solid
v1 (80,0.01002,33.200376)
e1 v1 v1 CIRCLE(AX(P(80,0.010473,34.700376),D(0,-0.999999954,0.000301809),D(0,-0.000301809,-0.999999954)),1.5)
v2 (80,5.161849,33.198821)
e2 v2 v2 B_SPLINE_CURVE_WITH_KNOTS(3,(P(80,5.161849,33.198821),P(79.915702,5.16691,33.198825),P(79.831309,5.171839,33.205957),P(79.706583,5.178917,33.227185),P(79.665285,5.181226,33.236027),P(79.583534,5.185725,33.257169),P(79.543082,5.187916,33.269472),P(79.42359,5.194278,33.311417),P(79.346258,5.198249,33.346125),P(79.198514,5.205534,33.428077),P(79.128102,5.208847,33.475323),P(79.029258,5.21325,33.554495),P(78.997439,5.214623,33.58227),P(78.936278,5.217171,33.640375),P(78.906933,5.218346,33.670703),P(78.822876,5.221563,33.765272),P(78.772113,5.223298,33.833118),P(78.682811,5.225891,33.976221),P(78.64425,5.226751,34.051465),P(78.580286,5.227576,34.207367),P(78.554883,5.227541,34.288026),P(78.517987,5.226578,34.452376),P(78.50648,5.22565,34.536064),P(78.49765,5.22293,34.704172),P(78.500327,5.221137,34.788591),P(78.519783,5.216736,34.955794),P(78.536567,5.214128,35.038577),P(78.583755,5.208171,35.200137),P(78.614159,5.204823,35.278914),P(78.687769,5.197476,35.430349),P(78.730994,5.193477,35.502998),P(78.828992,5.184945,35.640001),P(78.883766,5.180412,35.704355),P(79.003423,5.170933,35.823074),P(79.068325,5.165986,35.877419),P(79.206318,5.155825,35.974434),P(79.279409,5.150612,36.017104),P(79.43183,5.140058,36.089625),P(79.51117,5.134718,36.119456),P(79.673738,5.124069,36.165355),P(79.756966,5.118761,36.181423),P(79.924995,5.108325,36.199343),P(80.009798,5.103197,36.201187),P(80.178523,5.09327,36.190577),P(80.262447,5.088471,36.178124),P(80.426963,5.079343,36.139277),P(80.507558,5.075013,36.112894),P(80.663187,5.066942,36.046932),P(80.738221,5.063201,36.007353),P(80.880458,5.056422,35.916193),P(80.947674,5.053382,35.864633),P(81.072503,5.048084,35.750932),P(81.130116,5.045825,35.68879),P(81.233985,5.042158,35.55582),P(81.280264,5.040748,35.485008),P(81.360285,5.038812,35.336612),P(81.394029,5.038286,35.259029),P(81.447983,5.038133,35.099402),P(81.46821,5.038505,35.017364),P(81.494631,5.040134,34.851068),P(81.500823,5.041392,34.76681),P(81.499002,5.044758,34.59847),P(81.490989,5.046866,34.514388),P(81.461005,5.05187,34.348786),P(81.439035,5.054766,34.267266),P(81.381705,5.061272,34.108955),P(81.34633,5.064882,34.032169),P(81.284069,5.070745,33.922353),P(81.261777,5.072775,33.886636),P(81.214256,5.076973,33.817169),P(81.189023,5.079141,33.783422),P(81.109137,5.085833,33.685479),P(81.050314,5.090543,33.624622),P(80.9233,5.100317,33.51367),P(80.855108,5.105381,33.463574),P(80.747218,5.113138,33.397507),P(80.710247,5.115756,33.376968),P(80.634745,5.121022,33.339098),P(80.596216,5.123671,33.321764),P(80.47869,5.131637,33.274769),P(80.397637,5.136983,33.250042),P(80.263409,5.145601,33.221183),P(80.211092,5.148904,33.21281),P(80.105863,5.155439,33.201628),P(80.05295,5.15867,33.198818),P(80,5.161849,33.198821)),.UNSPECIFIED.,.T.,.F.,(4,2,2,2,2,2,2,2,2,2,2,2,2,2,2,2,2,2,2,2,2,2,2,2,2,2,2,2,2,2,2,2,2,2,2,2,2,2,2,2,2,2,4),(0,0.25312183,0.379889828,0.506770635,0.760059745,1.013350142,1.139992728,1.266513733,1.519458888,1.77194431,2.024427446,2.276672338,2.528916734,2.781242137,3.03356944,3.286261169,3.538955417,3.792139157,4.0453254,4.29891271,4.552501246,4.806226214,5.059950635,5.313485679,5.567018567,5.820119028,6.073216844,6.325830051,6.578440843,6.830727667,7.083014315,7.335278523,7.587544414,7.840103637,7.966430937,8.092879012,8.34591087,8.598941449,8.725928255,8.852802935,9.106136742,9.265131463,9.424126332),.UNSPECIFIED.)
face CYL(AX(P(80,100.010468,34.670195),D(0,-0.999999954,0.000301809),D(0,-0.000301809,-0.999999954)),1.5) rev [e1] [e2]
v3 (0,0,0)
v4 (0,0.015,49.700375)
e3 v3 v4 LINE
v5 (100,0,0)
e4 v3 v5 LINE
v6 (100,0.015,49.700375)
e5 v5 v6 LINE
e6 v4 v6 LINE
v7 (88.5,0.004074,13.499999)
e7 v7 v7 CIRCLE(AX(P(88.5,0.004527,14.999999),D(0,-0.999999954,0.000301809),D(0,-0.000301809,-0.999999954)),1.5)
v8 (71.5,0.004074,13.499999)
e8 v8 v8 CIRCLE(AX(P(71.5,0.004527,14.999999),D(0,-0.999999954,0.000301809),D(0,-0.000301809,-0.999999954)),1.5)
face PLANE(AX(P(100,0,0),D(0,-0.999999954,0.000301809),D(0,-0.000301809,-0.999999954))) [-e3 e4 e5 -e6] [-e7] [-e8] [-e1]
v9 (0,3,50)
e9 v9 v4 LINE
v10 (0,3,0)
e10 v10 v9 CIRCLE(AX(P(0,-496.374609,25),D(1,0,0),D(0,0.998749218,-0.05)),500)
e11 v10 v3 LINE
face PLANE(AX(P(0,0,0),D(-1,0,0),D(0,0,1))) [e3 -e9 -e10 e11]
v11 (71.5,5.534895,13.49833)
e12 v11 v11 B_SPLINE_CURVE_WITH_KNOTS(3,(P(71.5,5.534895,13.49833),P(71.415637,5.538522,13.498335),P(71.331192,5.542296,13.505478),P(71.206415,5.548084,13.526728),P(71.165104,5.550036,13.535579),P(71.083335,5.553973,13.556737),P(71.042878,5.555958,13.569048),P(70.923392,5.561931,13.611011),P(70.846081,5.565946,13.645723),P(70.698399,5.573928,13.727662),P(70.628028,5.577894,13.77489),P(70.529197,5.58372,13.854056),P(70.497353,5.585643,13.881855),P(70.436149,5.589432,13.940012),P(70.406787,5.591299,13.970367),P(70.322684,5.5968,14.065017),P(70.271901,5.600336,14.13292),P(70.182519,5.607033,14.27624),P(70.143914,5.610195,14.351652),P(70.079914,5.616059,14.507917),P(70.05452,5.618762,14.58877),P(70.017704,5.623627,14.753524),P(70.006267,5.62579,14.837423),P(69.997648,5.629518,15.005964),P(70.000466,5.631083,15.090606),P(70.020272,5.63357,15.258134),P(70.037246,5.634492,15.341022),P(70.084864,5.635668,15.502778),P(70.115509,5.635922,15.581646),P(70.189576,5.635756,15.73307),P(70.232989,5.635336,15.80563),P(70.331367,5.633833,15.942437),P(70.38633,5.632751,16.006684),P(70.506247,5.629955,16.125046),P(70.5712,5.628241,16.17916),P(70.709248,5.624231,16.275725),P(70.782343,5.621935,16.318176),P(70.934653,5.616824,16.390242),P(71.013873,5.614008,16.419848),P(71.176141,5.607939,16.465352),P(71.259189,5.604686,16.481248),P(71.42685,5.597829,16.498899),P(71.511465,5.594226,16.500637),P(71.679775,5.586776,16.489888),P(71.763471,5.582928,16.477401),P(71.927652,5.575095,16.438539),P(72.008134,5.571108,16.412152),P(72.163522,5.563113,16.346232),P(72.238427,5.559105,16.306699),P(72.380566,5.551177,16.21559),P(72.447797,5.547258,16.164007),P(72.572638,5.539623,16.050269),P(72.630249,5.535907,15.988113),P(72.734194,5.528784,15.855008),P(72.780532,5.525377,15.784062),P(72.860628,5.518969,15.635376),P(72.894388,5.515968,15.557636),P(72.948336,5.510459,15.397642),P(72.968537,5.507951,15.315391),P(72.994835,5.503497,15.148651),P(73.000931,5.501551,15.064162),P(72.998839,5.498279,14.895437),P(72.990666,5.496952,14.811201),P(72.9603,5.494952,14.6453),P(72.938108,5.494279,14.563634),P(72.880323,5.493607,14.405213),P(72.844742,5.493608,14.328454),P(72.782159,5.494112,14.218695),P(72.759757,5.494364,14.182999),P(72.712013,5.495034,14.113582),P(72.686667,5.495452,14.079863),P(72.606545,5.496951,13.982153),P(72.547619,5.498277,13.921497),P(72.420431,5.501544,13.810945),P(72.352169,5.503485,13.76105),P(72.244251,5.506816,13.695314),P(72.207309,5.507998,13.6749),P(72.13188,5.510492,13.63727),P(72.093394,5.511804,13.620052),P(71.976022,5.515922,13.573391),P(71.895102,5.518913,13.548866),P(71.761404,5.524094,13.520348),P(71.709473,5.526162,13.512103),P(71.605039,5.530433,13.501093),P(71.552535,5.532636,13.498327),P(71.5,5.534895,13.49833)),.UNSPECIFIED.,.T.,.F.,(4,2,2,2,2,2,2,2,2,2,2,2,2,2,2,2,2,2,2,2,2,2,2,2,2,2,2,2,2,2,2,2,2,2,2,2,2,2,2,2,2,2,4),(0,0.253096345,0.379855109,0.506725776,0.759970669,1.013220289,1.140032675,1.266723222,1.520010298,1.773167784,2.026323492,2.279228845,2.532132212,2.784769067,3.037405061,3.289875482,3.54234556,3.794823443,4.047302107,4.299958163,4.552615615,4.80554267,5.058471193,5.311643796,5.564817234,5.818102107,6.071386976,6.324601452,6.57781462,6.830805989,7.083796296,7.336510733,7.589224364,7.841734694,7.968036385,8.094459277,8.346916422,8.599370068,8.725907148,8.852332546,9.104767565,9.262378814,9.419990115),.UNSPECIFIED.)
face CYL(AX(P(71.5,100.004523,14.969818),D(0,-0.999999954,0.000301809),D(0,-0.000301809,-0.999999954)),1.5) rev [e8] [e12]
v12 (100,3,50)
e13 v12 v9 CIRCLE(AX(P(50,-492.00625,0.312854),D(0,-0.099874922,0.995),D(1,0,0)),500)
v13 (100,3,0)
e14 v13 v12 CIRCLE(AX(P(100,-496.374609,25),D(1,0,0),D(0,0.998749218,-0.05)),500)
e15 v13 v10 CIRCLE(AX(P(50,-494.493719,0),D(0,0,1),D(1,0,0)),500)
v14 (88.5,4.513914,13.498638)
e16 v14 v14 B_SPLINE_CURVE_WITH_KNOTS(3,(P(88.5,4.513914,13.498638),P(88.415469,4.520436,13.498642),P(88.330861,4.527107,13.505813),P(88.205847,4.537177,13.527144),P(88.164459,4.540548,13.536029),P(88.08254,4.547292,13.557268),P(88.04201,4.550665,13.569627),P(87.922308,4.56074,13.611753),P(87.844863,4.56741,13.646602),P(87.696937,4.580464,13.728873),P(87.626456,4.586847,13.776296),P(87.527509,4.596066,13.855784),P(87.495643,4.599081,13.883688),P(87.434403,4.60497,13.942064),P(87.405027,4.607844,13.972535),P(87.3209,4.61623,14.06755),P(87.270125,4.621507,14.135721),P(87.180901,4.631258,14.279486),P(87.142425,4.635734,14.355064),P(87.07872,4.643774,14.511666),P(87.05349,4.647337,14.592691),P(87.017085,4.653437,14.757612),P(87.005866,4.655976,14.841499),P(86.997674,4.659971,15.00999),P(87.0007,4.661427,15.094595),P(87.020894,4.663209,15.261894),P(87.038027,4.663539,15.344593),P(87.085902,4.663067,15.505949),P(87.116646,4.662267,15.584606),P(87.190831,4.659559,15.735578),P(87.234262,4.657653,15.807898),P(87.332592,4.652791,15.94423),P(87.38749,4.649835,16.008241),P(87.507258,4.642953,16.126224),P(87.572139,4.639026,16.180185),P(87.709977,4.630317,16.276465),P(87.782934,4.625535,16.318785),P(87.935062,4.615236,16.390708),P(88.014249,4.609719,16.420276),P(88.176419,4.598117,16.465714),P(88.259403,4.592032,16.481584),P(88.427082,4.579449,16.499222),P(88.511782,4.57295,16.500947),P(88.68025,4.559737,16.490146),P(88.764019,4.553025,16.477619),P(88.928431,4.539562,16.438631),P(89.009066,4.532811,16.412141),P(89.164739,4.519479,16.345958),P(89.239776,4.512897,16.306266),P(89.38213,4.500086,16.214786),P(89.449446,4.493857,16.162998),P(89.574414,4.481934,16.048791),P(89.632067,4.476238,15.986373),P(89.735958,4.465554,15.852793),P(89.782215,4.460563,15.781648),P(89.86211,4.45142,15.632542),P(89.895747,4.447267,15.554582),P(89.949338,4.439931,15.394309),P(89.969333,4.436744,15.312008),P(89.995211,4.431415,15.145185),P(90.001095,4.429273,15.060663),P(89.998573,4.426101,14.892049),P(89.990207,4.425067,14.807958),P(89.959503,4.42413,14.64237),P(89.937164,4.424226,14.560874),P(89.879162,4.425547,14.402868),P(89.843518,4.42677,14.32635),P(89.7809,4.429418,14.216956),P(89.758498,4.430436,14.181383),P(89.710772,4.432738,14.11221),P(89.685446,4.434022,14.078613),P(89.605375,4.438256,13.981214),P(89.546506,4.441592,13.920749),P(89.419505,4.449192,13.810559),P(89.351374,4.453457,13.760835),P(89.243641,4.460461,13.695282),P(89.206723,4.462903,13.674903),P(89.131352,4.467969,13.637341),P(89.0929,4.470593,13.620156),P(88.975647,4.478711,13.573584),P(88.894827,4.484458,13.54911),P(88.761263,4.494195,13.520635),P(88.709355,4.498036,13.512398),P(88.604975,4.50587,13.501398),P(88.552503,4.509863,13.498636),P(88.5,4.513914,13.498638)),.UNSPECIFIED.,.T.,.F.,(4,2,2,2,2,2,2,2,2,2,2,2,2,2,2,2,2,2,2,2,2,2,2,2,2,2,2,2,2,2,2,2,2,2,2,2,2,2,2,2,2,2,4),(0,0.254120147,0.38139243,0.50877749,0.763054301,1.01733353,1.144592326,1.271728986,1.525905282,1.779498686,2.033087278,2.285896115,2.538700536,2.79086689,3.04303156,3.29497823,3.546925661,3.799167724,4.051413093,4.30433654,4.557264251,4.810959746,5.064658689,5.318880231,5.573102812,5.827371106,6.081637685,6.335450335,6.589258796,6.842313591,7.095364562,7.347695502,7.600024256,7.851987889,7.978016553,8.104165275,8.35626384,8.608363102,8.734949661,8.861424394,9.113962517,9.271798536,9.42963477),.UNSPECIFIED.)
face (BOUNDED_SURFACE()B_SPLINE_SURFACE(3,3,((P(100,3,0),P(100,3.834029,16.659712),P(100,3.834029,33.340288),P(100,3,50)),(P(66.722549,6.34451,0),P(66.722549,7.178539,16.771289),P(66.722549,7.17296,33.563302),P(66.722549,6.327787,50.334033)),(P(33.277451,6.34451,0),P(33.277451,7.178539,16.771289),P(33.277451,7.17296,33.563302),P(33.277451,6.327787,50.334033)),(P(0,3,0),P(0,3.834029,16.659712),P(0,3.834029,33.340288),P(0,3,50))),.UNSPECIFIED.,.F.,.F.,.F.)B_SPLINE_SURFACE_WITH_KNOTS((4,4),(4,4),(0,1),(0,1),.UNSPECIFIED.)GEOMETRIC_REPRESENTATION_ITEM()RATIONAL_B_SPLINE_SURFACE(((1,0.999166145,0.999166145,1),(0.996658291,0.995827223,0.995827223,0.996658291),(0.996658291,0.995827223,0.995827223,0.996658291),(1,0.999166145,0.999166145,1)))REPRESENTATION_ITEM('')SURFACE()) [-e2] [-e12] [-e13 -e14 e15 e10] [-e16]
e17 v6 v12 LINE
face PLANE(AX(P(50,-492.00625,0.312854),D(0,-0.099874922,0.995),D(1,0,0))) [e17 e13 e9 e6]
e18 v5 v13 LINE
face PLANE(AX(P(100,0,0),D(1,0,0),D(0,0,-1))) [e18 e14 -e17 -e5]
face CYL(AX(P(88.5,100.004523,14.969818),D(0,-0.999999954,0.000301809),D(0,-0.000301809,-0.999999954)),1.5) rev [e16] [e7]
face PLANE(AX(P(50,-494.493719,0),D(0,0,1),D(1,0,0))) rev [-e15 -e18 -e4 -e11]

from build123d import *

# Parameters (mm, degrees)
EXTRUDE_2_DEPTH     = 100
SKETCH_7_R          = 1.5
CUT_EXTRUDE_1_DEPTH = 100


with BuildPart() as part:
    # По траектории3: sweep along a path in Эскиз3
    with BuildLine(Plane(origin=(0, 0, 0), x_dir=(0, 0, -1), z_dir=(1, 0, 0))) as sweep_3_path:
        ThreePointArc((0, 3), (-25, 3.625391114), (-50, 3))
    # Эскиз1 → По траектории3 (sweep)
    with BuildSketch(Plane.XY):
        with BuildLine():
            Line((0, 0), (100, 0))
            Line((100, 0), (100, 3))
            ThreePointArc((100, 3), (50, 5.506281447), (0, 3))
            Line((0, 3), (0, 0))
        make_face()
    sweep(path=sweep_3_path.line)

    # Эскиз6 → Бобышка-Вытянуть2 (add)
    with BuildSketch(Plane.ZY):
        Polygon((0, 0), (49.700375235, 0.015), (50, 3), (0, 3), align=None)
    extrude(amount=-EXTRUDE_2_DEPTH)

    # Эскиз7 → Вырез-Вытянуть1 (cut)
    with BuildSketch(Plane(origin=(0, 0, 0), x_dir=(1, 0, 0), z_dir=(0, -0.9999999544557917, 0.00030180857279200576))):
        with Locations(Location((80, 34.700377498, 0), (0, 0, 270))):
            Circle(SKETCH_7_R)
        with Locations(Location((71.5, 15, 0), (0, 0, 270))):
            Circle(SKETCH_7_R)
        with Locations(Location((88.5, 15, 0), (0, 0, 270))):
            Circle(SKETCH_7_R)
    extrude(amount=-CUT_EXTRUDE_1_DEPTH, mode=Mode.SUBTRACT)


solid = part.part
